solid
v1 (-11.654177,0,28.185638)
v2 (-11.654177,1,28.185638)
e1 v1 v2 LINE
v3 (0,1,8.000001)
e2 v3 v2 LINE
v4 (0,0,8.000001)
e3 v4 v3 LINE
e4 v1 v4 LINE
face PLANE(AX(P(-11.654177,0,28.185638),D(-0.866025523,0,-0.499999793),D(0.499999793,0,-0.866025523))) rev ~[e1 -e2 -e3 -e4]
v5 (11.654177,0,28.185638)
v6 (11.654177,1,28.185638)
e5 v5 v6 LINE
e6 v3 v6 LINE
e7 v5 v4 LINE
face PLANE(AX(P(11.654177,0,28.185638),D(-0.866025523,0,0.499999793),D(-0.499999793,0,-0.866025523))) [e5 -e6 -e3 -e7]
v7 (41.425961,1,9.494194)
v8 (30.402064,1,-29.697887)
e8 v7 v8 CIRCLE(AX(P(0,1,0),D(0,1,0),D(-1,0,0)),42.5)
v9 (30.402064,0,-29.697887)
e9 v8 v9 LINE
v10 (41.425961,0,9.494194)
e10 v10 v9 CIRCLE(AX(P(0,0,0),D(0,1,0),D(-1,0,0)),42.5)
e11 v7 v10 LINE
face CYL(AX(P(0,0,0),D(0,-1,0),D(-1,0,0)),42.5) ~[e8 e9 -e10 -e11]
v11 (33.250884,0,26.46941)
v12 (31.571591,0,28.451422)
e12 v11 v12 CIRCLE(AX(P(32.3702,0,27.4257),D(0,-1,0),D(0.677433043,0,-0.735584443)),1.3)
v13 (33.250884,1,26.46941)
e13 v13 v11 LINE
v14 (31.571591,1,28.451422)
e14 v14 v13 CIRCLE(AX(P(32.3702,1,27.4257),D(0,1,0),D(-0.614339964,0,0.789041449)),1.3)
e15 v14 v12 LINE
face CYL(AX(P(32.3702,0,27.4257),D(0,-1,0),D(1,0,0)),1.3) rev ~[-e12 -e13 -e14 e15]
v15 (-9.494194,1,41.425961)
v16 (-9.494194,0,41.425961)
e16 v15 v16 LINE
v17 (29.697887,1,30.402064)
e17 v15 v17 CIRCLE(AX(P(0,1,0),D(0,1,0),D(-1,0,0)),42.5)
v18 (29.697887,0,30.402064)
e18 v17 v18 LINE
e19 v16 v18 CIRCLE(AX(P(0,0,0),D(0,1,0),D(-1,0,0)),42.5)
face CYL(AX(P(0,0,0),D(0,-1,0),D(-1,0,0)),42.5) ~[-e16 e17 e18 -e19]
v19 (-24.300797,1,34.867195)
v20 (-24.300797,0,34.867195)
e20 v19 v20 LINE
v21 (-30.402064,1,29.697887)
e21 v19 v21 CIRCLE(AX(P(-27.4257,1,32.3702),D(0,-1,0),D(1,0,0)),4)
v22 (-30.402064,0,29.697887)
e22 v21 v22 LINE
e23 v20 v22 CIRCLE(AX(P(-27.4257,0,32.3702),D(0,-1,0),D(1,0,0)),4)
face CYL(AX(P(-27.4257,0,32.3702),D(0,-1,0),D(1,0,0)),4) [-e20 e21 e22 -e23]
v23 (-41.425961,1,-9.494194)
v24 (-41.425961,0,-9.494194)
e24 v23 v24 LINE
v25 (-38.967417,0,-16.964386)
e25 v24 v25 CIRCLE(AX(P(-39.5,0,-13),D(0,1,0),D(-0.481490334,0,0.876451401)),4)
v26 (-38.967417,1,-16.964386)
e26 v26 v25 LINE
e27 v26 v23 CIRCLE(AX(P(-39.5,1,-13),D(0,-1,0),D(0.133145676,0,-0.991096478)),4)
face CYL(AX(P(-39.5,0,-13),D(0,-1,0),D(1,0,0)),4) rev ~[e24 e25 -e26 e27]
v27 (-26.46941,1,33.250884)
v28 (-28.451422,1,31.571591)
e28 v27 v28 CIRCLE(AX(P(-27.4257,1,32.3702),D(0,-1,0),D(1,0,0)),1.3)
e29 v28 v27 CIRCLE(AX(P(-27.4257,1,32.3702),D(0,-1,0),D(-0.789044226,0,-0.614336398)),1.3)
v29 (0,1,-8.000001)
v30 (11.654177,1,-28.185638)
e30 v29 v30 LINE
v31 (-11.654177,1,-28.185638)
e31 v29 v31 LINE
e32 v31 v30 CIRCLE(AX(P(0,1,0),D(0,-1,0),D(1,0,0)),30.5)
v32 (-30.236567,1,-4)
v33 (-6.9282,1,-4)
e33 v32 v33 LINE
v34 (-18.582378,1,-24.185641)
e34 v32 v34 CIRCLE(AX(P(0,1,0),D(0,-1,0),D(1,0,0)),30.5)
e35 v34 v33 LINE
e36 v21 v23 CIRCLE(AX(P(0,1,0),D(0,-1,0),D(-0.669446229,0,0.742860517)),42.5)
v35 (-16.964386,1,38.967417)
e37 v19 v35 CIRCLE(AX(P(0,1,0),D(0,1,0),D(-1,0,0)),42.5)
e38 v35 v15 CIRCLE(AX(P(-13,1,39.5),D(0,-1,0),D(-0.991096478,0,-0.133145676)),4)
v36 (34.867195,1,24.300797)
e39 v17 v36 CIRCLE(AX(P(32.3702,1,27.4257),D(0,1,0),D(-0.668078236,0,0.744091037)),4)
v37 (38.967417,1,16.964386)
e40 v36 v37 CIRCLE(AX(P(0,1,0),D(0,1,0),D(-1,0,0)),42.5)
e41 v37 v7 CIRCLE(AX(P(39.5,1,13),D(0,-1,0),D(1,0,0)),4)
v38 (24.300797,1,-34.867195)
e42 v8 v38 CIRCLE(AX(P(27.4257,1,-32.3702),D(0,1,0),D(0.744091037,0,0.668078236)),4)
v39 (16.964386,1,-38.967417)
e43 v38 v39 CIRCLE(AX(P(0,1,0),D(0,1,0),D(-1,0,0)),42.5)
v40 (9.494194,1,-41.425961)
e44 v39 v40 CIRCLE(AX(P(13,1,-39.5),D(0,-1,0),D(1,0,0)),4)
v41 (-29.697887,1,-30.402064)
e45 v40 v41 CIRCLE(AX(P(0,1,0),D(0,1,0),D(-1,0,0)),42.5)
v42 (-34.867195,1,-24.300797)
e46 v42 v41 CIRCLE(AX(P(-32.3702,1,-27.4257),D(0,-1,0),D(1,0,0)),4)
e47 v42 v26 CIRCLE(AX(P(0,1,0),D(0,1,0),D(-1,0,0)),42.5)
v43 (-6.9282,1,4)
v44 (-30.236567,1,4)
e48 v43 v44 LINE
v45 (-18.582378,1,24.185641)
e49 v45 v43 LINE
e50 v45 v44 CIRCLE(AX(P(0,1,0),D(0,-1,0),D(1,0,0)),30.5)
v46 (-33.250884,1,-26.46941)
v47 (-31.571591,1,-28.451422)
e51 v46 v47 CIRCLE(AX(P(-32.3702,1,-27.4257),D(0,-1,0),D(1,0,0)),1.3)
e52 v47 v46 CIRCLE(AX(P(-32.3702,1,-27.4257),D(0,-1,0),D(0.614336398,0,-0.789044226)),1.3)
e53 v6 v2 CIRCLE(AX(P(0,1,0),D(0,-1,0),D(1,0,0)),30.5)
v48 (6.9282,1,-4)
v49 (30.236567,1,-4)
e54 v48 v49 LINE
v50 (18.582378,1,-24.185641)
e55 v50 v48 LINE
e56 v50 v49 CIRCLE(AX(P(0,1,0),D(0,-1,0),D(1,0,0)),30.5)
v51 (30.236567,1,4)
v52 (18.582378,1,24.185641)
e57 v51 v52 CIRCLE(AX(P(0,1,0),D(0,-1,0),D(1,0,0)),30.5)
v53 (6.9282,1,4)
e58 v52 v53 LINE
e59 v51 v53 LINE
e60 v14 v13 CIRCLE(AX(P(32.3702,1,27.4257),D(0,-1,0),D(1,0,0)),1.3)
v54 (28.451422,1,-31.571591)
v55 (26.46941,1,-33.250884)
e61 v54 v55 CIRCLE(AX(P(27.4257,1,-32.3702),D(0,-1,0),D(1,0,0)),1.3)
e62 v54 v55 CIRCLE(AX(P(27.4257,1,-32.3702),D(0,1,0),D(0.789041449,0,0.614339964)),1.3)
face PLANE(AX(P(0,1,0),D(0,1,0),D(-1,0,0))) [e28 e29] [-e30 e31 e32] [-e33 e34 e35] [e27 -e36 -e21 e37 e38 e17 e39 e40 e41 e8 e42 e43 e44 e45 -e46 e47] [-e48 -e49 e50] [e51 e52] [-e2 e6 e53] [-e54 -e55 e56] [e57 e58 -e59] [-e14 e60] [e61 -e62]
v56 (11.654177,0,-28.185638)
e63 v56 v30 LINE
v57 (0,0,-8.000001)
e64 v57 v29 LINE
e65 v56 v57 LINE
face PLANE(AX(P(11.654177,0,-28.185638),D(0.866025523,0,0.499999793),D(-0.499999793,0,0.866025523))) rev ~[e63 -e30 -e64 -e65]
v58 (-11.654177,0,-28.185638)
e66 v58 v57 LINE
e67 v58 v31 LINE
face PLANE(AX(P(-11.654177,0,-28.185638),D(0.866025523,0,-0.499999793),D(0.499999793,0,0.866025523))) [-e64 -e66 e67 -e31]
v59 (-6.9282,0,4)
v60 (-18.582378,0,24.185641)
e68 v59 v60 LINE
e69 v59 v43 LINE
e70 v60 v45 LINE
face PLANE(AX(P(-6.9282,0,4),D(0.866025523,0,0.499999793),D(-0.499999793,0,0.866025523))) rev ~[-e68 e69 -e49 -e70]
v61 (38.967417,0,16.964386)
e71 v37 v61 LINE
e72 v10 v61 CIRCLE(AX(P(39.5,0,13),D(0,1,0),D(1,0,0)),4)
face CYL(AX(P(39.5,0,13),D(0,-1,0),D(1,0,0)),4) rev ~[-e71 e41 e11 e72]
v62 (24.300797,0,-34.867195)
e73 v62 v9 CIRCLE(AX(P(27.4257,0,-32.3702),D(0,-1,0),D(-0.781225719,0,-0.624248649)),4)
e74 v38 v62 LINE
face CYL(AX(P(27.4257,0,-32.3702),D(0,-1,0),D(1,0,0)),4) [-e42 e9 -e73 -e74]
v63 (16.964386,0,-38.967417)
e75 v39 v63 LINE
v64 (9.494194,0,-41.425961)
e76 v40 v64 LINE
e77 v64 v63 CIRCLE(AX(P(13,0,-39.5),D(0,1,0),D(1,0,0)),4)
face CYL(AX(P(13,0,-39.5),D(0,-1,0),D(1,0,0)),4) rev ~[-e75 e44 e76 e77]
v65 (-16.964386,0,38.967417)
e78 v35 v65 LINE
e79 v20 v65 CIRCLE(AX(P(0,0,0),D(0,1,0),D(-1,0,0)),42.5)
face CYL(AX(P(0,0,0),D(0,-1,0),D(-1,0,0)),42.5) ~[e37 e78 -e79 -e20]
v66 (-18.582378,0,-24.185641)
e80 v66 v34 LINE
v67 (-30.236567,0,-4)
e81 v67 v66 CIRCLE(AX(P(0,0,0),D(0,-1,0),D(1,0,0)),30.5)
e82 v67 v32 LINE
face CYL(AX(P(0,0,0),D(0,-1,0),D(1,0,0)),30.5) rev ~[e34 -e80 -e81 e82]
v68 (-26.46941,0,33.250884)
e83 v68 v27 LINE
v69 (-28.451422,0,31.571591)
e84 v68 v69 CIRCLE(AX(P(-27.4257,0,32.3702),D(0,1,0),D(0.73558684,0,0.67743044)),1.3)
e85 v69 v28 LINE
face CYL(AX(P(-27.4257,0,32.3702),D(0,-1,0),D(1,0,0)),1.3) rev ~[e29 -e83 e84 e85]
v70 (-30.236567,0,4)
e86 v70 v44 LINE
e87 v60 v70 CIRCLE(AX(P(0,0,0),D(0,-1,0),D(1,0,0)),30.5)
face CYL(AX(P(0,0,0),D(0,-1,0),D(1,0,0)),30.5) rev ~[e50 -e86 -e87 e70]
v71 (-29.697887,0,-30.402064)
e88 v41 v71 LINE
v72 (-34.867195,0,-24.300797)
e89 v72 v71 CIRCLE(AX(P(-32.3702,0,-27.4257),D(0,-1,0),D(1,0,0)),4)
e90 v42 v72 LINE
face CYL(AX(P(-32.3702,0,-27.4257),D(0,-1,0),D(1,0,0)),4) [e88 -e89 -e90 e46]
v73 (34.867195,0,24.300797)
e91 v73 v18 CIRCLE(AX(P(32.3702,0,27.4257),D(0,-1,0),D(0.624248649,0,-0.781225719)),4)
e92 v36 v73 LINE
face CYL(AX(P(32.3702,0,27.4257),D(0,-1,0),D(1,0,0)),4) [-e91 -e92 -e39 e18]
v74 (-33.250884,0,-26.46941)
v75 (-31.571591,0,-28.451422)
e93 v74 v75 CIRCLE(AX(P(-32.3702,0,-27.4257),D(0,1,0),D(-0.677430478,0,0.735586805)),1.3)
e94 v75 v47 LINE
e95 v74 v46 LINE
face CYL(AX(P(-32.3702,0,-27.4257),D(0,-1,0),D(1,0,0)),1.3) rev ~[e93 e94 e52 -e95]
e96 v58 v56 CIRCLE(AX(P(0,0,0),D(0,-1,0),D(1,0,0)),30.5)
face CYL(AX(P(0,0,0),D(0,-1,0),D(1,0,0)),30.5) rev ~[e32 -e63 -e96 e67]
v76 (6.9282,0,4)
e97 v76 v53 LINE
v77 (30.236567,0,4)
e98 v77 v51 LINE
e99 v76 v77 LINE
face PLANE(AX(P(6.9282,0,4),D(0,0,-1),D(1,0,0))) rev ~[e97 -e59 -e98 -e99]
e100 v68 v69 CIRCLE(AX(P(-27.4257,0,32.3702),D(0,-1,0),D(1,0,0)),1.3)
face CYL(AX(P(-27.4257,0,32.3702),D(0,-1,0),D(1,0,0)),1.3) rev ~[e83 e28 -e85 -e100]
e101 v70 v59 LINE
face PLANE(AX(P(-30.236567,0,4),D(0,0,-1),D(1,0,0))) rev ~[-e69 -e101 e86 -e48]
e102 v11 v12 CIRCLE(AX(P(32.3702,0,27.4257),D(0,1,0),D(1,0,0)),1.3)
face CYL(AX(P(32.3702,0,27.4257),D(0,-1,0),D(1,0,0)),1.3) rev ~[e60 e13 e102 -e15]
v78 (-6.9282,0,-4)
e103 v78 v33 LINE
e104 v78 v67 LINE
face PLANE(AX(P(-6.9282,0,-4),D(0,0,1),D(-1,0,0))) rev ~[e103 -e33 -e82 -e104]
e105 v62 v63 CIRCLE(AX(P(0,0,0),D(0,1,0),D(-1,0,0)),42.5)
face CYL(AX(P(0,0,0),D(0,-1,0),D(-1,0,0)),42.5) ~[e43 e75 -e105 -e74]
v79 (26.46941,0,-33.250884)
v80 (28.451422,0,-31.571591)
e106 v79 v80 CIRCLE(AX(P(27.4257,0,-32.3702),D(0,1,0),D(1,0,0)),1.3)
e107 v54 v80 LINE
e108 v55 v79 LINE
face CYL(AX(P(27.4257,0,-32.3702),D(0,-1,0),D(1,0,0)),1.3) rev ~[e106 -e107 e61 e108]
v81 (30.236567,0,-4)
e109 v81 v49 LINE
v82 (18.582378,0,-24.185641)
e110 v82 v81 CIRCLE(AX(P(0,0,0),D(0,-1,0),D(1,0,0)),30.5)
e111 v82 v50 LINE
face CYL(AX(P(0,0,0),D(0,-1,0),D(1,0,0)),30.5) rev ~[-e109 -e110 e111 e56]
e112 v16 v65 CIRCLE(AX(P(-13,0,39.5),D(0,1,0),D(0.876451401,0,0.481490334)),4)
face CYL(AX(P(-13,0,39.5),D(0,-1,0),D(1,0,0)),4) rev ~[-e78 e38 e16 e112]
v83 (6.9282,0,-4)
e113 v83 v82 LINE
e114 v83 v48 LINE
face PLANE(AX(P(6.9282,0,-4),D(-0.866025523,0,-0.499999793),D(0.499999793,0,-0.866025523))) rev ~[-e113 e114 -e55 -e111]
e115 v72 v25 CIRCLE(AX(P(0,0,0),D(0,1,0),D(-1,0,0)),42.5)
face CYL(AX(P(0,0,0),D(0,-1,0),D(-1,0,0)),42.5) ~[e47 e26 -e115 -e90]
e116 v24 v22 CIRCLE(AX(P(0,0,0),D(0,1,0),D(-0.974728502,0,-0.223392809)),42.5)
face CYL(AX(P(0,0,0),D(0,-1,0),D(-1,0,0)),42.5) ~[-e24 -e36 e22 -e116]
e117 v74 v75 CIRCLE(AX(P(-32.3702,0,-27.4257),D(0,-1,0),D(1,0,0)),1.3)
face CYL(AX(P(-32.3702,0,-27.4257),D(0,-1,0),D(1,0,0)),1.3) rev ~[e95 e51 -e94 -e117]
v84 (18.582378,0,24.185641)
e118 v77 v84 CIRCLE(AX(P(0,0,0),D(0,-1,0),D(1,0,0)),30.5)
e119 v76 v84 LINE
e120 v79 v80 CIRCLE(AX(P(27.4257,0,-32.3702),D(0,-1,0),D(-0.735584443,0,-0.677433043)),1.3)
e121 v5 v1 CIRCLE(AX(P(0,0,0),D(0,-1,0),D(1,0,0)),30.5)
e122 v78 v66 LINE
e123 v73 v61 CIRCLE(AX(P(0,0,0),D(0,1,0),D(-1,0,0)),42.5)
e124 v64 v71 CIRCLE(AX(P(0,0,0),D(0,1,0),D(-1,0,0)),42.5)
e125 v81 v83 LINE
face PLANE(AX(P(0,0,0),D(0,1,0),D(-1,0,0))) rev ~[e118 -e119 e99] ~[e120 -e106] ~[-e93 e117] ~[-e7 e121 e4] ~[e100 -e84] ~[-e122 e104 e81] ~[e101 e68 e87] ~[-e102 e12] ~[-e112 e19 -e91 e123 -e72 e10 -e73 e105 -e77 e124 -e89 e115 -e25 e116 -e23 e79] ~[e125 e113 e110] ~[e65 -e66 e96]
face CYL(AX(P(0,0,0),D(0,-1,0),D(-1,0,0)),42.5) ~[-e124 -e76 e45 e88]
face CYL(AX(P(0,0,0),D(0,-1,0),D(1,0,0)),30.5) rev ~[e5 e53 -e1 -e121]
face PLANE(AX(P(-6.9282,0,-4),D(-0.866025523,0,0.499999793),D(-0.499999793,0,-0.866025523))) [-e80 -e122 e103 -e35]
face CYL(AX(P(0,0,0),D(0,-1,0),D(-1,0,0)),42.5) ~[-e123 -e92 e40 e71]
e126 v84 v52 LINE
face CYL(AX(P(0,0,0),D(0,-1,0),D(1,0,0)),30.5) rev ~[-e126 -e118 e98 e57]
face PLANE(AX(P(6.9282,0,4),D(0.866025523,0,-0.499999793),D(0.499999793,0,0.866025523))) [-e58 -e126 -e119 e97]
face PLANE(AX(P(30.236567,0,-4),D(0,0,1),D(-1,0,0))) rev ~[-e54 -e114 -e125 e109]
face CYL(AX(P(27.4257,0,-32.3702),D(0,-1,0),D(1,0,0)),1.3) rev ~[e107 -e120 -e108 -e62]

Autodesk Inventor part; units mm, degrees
ref_plane "YZ Plane" through (0, 0, 0) normal (1, 0, 0) x (0, 1, 0)
ref_plane "XZ Plane" through (0, 0, 0) normal (0, 1, 0) x (-1, 0, 0)
sketch "スケッチ1" plane through (0, 0, 0) normal (0, 1, 0) x (-1, 0, 0)
  circle A0 centre (0, 0) radius 42.5
  dimension "d0" = 85
extrude "押し出し1" add sketch "スケッチ1" along normal blind 1
sketch "スケッチ2" plane through (0, 0, 0) normal (0, -1, 0) x (1, 0, 0)
  circle A0 centre (-27.4257, 32.3702) radius 1.3 projected
  circle A1 centre (32.3702, 27.4257) radius 1.3 projected
  circle A2 centre (27.4257, -32.3702) radius 1.3 projected
  circle A3 centre (-32.3702, -27.4257) radius 1.3 projected
  circle A4 centre (-32.3702, -27.4257) radius 4
  circle A5 centre (-27.4257, 32.3702) radius 4
  circle A6 centre (27.4257, -32.3702) radius 4
  circle A7 centre (32.3702, 27.4257) radius 4
  circle A8 centre (-13, 39.5) radius 1.35 projected
  circle A9 centre (39.5, 13) radius 1.35 projected
  circle A10 centre (13, -39.5) radius 1.35 projected
  circle A11 centre (-39.5, -13) radius 1.35 projected
  circle A12 centre (-39.5, -13) radius 4
  circle A13 centre (-13, 39.5) radius 4
  circle A14 centre (39.5, 13) radius 4
  circle A15 centre (13, -39.5) radius 4
  line L0 (17.7859, 38.8061) -> (-24.7141, -34.8061)
  line L1 (-24.7141, -34.8061) -> (-17.7859, -38.8061)
  line L2 (-17.7859, -38.8061) -> (24.7141, 34.8061)
  line L3 (24.7141, 34.8061) -> (17.7859, 38.8061)
  line L4 (17.7859, 38.8061) -> (-17.7859, -38.8061) construction
  line L5 (-24.7141, -34.8061) -> (24.7141, 34.8061) construction
  line L6 (17.7859, -38.8061) -> (-24.7141, 34.8061)
  line L7 (-24.7141, 34.8061) -> (-17.7859, 38.8061)
  line L8 (-17.7859, 38.8061) -> (24.7141, -34.8061)
  line L9 (24.7141, -34.8061) -> (17.7859, -38.8061)
  line L10 (17.7859, -38.8061) -> (-17.7859, 38.8061) construction
  line L11 (-24.7141, 34.8061) -> (24.7141, -34.8061) construction
  line L12 (42.5, -4) -> (-42.5, -4)
  line L13 (-42.5, -4) -> (-42.5, 4)
  line L14 (-42.5, 4) -> (42.5, 4)
  line L15 (42.5, 4) -> (42.5, -4)
  line L16 (42.5, -4) -> (-42.5, 4) construction
  line L17 (-42.5, -4) -> (42.5, 4) construction
  line L18 (-42.5, 24.5374) -> (0, 49.0748) construction
  line L19 (0, 49.0748) -> (42.5, 24.5374) construction
  line L20 (42.5, 24.5374) -> (42.5, -24.5374) construction
  line L21 (42.5, -24.5374) -> (0, -49.0748) construction
  line L22 (0, -49.0748) -> (-42.5, -24.5374) construction
  line L23 (-42.5, -24.5374) -> (-42.5, 24.5374) construction
  circle A16 centre (0, 0) radius 42.5 projected
  circle A17 centre (0, 0) radius 30.5
  point P0 (-11.6542, -28.1856)
  point P1 (11.6542, -28.1856)
  point P2 (0, -8)
  point P3 (18.5824, -24.1856)
  point P4 (30.2366, -4)
  point P5 (6.9282, -4)
  point P6 (30.2366, 4)
  point P7 (18.5824, 24.1856)
  point P8 (6.9282, 4)
  point P9 (11.6542, 28.1856)
  point P10 (-11.6542, 28.1856)
  point P11 (0, 8)
  point P12 (-18.5824, 24.1856)
  point P13 (-30.2366, 4)
  point P14 (-6.9282, 4)
  point P15 (-30.2366, -4)
  point P16 (-18.5824, -24.1856)
  point P17 (-6.9282, -4)
  point P18 (-26.4694, 33.2509)
  point P19 (-28.4514, 31.5716)
  point P20 (-33.2509, -26.4694)
  point P21 (-31.5716, -28.4514)
  dimension "d3" = 8
  dimension "d6" = 8
  dimension "d7" = 12
extrude "押し出し2" cut sketch "スケッチ2" against normal through all contours A0 A16 | L6 L14 A17 | A17 L0 L8 | L12 L0 A17 | A16 A8 A13 | A13 A16 A8 | A16 A11 A12 | A12 A16 A11 | A17 L14 L2 | A16 A8 | A8 A16 | L2 L6 A17 | A16 A11 | A11 A16 | L12 A17 L8 | A16 A3 | A16 A10 A15 | A15 A16 A10 | A16 A1 | A1 A16 | A16 A9 A14 | A14 A16 A9 | A16 A10 | A10 A16 | A16 A9 | A9 A16 | A16 A2 | A2 A16 picked at (-27.1376, 32.113) picked at (-32.0736, -27.1791)
sketch "スケッチ3" plane through (0, 0, 0) normal (0, -1, 0) x (1, 0, 0)
  arc A0 (-31.5716, -28.4514) -> (-33.2509, -26.4694) centre (-32.3702, -27.4257) ccw projected
  arc A1 (-28.4514, 31.5716) -> (-26.4694, 33.2509) centre (-27.4257, 32.3702) ccw projected
  arc A2 (31.5716, 28.4514) -> (33.2509, 26.4694) centre (32.3702, 27.4257) ccw projected
  arc A3 (28.4514, -31.5716) -> (26.4694, -33.2509) centre (27.4257, -32.3702) ccw projected
  circle A4 centre (-32.3702, -27.4257) radius 1.3
  circle A5 centre (-27.4257, 32.3702) radius 1.3
  circle A6 centre (32.3702, 27.4257) radius 1.3
  circle A7 centre (27.4257, -32.3702) radius 1.3
  circle A8 centre (-32.3702, -27.4257) radius 4
  circle A9 centre (-27.4257, 32.3702) radius 4
  circle A10 centre (32.3702, 27.4257) radius 4
  circle A11 centre (27.4257, -32.3702) radius 4
  point P0 (0, 0)
  point P1 (28.4514, -31.5716)
  point P2 (-26.4694, 33.2509)
  dimension "d10" = 8
ref_plane "作業平面1" through (-124.0859, 3.5, -124.0859) normal (0, 1, 0) x (0.0824, 0, 0.9966)
extrude "押し出し3" add sketch "スケッチ3" against normal up to surface (1 mm away)
properties part number "battery_cover"
